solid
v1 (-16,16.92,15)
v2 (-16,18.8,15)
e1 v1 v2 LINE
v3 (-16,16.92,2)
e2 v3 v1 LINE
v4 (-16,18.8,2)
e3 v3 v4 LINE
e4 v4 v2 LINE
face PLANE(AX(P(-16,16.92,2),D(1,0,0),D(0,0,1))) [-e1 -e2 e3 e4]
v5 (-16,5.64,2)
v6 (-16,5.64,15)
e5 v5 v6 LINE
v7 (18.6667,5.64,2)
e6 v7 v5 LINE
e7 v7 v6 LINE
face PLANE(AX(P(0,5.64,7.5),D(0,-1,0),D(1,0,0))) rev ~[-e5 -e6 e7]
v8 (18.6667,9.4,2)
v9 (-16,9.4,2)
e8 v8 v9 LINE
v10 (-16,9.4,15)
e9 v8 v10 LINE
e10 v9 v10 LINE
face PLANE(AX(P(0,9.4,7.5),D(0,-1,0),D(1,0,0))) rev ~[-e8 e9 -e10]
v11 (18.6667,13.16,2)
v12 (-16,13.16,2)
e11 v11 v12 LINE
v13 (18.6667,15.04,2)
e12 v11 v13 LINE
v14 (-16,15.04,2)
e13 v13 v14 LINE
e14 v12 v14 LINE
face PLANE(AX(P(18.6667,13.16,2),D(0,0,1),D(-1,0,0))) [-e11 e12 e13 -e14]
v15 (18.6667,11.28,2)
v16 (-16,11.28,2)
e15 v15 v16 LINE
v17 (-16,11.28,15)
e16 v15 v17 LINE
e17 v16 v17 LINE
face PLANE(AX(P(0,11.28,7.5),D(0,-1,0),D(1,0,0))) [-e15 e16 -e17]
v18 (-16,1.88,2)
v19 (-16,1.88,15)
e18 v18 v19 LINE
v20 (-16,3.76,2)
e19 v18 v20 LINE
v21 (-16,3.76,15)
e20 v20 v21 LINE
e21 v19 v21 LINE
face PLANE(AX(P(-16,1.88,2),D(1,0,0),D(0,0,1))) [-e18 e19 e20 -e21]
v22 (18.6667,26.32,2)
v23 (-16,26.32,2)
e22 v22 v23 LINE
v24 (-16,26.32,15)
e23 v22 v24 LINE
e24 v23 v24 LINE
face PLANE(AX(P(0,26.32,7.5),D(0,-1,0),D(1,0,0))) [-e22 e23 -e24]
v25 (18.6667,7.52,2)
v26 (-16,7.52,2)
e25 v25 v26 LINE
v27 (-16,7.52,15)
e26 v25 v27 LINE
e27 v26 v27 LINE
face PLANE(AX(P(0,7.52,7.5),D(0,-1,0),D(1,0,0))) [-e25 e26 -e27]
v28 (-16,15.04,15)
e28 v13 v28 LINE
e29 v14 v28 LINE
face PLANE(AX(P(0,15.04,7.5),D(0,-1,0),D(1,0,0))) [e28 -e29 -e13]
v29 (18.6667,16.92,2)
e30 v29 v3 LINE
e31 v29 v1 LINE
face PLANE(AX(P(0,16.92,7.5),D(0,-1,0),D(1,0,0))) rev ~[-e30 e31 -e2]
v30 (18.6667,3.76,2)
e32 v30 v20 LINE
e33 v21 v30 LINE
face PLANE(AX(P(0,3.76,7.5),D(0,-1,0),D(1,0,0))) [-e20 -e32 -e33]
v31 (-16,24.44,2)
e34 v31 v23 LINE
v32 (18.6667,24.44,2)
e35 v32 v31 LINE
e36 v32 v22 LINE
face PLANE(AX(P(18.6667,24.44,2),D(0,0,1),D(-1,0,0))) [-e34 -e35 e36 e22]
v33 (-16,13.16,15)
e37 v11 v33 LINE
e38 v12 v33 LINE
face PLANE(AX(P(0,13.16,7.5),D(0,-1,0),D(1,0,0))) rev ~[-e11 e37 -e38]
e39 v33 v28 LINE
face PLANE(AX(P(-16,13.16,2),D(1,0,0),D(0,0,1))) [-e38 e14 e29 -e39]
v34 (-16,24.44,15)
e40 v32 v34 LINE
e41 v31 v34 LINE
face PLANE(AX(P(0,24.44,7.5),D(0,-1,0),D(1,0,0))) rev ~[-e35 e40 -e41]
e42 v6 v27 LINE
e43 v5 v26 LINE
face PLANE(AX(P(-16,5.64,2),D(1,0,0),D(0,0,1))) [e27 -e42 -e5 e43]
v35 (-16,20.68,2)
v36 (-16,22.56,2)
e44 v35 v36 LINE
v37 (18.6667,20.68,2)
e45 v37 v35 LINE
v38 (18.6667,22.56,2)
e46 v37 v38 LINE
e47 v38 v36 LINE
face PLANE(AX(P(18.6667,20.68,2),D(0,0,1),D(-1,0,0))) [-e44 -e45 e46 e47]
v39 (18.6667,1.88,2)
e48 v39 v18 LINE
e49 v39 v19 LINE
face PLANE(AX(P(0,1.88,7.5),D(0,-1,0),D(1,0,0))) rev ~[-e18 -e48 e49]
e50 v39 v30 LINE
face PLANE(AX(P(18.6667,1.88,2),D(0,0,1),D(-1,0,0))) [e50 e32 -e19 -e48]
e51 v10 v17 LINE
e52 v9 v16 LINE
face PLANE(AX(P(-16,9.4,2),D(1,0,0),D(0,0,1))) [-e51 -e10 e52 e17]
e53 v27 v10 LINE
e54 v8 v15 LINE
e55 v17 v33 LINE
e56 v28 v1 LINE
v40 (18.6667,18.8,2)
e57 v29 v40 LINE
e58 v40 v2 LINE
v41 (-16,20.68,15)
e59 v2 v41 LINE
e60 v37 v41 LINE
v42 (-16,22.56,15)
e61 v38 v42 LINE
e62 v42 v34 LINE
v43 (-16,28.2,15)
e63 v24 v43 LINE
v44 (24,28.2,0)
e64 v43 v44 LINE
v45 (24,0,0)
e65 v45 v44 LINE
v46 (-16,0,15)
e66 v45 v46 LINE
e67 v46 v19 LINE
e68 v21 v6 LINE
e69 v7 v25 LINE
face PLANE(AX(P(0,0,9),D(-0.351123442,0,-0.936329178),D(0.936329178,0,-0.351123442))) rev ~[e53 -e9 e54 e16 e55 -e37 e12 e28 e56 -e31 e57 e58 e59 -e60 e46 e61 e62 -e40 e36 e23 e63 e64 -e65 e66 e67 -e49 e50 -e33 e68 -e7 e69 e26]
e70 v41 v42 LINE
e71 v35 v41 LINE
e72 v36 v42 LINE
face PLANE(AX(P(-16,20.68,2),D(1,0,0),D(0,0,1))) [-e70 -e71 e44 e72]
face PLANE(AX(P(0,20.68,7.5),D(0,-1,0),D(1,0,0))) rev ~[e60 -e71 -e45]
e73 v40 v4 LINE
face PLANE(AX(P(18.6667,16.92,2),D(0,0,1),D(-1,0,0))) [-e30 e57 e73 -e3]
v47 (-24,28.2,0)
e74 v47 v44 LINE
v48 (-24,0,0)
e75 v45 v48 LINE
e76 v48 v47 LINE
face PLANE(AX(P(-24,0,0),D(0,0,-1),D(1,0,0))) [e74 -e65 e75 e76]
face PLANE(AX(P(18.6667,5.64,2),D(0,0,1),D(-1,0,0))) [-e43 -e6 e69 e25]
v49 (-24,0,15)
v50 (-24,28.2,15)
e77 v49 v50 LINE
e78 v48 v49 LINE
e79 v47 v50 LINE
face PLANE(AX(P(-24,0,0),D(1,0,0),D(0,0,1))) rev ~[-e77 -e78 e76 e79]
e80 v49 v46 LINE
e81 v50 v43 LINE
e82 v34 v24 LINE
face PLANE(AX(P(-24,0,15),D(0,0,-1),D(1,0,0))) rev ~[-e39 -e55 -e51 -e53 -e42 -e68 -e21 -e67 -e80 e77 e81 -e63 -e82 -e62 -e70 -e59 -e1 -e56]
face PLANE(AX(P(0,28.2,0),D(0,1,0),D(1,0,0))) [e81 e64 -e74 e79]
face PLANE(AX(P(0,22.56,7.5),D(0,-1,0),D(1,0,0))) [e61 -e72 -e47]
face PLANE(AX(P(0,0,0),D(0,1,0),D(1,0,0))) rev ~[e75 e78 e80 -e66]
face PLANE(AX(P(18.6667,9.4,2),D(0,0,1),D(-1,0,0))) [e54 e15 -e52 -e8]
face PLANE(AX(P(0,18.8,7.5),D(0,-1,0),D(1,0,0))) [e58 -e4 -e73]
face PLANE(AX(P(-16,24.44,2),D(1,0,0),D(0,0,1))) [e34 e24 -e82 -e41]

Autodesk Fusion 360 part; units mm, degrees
sketch "Sketch1" plane through (0, 0, 0) normal (0, 1, 0) x (1, 0, 0)
  line L0 (-24, 0) -> (24, 0)
  line L1 (1.75, 0) -> (22.5, 0)
  line L2 (0, -1.75) -> (0, -22.5)
  line L3 (-24, 0) -> (-24, -15)
  line L4 (-24, -15) -> (-16, -15)
  line L5 (-16, -15) -> (24, 0)
  dimension "d1" = 48
  dimension "d2" = 15
  dimension "d3" = 8
extrude "Extrude1" add sketch "Sketch1" along normal blind 28.2
ref_plane "WorkPlane1" through (0, 1.88, 7.5) normal (0, -1, 0) x (-1, 0, 0)
sketch "Sketch2" plane through (0, 1.88, 7.5) normal (0, -1, 0) x (1, 0, 0)
  line L0 (-16, 7.5) -> (24, -7.5)
  line L1 (24, -7.5) -> (-24, -7.5)
  line L2 (18.6667, -5.5) -> (-16, -5.5)
  line L3 (-16, -5.5) -> (-16, 7.5)
  line L4 (18.6667, 7.5) -> (-16, 7.5)
  line L5 (18.6667, -5.5) -> (18.6667, 7.5)
  dimension "d7" = 2
extrude "Extrude2" cut sketch "Sketch2" against normal blind 1.88
pattern_linear "R-Pattern1" count 7 spacing 3.76 along (0, 1, 0) of "Extrude2"
equation "d4 = ( ( 1.88 * 2 ) * 1 mm ) * 7 + 1.88 mm"
equation "d12 = -1.88 * 2 mm"
